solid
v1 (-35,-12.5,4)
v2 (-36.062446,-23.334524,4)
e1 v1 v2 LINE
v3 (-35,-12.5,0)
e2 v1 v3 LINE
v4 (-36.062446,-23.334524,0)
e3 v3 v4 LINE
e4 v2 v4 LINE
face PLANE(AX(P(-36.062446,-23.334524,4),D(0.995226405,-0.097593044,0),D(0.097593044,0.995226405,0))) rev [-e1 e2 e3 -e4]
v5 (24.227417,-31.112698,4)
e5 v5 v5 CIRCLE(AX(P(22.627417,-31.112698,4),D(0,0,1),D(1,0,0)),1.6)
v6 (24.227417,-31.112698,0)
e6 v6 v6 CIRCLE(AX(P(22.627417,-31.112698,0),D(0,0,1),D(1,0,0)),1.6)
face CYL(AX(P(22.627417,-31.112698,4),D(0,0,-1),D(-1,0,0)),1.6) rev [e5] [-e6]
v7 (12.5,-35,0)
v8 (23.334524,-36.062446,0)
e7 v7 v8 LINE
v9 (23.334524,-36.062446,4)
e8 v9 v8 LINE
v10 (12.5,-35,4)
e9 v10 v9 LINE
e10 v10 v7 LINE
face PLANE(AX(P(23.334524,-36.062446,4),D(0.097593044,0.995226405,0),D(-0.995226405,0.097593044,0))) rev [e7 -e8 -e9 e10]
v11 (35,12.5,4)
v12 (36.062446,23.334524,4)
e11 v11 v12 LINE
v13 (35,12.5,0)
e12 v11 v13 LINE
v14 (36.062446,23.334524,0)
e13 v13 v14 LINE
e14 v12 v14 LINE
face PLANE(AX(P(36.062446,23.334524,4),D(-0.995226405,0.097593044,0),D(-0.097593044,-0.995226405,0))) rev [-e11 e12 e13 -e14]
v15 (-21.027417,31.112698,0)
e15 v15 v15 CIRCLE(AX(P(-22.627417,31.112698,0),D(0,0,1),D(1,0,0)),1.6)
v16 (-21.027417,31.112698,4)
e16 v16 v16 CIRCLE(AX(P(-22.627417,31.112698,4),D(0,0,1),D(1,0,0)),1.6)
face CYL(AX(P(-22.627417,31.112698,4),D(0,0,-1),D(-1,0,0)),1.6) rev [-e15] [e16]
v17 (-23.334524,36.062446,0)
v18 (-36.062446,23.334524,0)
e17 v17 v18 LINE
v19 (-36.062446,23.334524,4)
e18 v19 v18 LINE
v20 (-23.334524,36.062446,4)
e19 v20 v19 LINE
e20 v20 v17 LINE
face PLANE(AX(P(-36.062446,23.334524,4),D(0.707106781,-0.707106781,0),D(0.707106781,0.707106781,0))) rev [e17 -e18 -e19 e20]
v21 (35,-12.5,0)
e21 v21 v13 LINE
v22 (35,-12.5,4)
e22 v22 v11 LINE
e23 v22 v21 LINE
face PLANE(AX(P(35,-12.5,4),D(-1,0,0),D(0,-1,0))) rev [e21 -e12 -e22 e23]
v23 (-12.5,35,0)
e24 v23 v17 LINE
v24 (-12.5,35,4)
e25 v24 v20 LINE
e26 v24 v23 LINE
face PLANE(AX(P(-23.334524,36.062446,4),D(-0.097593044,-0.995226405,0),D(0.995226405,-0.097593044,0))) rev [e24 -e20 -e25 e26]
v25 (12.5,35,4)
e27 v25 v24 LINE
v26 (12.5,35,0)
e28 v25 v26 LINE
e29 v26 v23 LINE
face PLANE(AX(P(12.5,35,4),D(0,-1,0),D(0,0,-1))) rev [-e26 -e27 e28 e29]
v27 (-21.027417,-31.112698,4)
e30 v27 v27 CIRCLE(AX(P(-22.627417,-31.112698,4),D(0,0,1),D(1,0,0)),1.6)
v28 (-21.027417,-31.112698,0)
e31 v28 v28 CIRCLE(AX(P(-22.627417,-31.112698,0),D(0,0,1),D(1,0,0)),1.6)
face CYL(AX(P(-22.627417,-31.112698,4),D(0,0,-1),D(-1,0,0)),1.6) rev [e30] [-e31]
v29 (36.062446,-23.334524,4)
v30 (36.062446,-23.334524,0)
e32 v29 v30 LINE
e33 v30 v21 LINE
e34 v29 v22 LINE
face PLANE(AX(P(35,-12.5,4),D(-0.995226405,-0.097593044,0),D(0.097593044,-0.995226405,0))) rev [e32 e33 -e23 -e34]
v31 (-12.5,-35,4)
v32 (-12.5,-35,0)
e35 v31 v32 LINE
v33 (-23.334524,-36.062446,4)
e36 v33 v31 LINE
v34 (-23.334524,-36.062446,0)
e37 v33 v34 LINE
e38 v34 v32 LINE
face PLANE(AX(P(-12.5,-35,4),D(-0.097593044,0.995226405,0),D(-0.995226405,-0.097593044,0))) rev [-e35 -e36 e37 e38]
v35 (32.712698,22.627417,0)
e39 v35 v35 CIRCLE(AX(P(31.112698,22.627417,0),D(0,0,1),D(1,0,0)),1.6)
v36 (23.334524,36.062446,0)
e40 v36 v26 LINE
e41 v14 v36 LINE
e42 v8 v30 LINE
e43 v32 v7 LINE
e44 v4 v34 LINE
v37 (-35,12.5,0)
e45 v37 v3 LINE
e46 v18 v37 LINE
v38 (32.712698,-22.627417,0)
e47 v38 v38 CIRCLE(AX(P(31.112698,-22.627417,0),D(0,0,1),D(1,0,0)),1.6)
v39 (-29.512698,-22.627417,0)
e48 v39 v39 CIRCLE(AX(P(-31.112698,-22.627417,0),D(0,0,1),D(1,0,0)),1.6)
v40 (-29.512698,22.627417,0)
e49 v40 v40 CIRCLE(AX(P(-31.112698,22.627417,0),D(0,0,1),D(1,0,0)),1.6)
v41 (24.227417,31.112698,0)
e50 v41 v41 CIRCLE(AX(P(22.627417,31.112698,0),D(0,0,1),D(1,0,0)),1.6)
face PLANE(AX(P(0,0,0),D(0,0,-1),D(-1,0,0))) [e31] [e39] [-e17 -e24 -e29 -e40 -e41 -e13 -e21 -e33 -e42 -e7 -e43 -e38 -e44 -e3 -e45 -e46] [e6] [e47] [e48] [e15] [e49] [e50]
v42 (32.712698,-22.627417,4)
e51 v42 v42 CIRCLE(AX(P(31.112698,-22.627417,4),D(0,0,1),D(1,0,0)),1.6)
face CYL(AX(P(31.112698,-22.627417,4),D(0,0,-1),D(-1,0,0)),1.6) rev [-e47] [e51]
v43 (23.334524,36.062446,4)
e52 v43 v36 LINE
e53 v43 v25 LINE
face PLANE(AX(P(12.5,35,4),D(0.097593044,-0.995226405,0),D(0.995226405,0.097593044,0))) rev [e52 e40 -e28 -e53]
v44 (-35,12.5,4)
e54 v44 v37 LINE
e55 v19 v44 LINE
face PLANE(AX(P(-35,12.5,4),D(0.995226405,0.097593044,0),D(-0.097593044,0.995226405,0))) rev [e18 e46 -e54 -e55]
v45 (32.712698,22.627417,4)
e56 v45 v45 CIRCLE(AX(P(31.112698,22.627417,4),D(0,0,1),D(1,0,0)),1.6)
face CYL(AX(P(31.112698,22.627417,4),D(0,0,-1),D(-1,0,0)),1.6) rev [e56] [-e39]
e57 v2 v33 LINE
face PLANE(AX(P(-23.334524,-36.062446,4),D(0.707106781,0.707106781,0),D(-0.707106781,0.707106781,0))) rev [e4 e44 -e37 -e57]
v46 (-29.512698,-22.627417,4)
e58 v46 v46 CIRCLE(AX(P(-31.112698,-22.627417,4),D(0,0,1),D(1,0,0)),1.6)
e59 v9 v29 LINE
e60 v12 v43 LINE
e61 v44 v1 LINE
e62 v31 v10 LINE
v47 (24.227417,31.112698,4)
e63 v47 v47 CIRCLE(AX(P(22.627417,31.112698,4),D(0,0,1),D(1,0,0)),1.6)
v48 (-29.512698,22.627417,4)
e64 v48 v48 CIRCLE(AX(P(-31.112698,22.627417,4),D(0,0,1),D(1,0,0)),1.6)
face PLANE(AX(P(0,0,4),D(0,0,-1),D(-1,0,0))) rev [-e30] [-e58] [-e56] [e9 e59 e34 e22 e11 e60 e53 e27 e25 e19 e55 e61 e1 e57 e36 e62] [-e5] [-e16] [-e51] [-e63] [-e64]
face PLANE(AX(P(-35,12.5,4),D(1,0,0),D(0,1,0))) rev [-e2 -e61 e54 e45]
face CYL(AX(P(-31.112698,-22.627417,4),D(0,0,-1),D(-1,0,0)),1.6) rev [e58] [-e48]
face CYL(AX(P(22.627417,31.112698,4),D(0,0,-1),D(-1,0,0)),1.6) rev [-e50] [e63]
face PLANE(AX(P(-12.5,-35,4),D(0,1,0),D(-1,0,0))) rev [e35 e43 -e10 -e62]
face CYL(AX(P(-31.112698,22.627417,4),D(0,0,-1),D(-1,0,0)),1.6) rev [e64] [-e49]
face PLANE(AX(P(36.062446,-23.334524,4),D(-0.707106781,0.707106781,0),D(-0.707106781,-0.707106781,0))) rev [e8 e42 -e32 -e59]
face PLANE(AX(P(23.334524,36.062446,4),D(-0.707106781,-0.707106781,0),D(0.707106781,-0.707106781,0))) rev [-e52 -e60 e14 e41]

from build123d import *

# Parameters (mm, degrees)
SKETCH1_R           = 1.6
BOSS_EXTRUDE1_DEPTH = 4


with BuildPart() as part:
    # Sketch1 → Boss-Extrude1 (new body)
    with BuildSketch(Plane.XY):
        Polygon((12.5, 35), (-12.5, 35), (-23.334523779, 36.062445841), (-36.062445841, 23.334523779), (-35, 12.5), (-35, -12.5), (-36.062445841, -23.334523779), (-23.334523779, -36.062445841), (-12.5, -35), (12.5, -35), (23.334523779, -36.062445841), (36.062445841, -23.334523779), (35, -12.5), (35, 12.5), (36.062445841, 23.334523779), (23.334523779, 36.062445841), align=None)
        with Locations((22.627416998, 31.112698372)):
            Circle(SKETCH1_R, mode=Mode.SUBTRACT)
        with Locations((31.112698372, 22.627416998)):
            Circle(SKETCH1_R, mode=Mode.SUBTRACT)
        with Locations((22.627416998, -31.112698372)):
            Circle(SKETCH1_R, mode=Mode.SUBTRACT)
        with Locations((31.112698372, -22.627416998)):
            Circle(SKETCH1_R, mode=Mode.SUBTRACT)
        with Locations((-31.112698372, -22.627416998)):
            Circle(SKETCH1_R, mode=Mode.SUBTRACT)
        with Locations((-22.627416998, -31.112698372)):
            Circle(SKETCH1_R, mode=Mode.SUBTRACT)
        with Locations((-22.627416998, 31.112698372)):
            Circle(SKETCH1_R, mode=Mode.SUBTRACT)
        with Locations((-31.112698372, 22.627416998)):
            Circle(SKETCH1_R, mode=Mode.SUBTRACT)
    extrude(amount=BOSS_EXTRUDE1_DEPTH)


solid = part.part
